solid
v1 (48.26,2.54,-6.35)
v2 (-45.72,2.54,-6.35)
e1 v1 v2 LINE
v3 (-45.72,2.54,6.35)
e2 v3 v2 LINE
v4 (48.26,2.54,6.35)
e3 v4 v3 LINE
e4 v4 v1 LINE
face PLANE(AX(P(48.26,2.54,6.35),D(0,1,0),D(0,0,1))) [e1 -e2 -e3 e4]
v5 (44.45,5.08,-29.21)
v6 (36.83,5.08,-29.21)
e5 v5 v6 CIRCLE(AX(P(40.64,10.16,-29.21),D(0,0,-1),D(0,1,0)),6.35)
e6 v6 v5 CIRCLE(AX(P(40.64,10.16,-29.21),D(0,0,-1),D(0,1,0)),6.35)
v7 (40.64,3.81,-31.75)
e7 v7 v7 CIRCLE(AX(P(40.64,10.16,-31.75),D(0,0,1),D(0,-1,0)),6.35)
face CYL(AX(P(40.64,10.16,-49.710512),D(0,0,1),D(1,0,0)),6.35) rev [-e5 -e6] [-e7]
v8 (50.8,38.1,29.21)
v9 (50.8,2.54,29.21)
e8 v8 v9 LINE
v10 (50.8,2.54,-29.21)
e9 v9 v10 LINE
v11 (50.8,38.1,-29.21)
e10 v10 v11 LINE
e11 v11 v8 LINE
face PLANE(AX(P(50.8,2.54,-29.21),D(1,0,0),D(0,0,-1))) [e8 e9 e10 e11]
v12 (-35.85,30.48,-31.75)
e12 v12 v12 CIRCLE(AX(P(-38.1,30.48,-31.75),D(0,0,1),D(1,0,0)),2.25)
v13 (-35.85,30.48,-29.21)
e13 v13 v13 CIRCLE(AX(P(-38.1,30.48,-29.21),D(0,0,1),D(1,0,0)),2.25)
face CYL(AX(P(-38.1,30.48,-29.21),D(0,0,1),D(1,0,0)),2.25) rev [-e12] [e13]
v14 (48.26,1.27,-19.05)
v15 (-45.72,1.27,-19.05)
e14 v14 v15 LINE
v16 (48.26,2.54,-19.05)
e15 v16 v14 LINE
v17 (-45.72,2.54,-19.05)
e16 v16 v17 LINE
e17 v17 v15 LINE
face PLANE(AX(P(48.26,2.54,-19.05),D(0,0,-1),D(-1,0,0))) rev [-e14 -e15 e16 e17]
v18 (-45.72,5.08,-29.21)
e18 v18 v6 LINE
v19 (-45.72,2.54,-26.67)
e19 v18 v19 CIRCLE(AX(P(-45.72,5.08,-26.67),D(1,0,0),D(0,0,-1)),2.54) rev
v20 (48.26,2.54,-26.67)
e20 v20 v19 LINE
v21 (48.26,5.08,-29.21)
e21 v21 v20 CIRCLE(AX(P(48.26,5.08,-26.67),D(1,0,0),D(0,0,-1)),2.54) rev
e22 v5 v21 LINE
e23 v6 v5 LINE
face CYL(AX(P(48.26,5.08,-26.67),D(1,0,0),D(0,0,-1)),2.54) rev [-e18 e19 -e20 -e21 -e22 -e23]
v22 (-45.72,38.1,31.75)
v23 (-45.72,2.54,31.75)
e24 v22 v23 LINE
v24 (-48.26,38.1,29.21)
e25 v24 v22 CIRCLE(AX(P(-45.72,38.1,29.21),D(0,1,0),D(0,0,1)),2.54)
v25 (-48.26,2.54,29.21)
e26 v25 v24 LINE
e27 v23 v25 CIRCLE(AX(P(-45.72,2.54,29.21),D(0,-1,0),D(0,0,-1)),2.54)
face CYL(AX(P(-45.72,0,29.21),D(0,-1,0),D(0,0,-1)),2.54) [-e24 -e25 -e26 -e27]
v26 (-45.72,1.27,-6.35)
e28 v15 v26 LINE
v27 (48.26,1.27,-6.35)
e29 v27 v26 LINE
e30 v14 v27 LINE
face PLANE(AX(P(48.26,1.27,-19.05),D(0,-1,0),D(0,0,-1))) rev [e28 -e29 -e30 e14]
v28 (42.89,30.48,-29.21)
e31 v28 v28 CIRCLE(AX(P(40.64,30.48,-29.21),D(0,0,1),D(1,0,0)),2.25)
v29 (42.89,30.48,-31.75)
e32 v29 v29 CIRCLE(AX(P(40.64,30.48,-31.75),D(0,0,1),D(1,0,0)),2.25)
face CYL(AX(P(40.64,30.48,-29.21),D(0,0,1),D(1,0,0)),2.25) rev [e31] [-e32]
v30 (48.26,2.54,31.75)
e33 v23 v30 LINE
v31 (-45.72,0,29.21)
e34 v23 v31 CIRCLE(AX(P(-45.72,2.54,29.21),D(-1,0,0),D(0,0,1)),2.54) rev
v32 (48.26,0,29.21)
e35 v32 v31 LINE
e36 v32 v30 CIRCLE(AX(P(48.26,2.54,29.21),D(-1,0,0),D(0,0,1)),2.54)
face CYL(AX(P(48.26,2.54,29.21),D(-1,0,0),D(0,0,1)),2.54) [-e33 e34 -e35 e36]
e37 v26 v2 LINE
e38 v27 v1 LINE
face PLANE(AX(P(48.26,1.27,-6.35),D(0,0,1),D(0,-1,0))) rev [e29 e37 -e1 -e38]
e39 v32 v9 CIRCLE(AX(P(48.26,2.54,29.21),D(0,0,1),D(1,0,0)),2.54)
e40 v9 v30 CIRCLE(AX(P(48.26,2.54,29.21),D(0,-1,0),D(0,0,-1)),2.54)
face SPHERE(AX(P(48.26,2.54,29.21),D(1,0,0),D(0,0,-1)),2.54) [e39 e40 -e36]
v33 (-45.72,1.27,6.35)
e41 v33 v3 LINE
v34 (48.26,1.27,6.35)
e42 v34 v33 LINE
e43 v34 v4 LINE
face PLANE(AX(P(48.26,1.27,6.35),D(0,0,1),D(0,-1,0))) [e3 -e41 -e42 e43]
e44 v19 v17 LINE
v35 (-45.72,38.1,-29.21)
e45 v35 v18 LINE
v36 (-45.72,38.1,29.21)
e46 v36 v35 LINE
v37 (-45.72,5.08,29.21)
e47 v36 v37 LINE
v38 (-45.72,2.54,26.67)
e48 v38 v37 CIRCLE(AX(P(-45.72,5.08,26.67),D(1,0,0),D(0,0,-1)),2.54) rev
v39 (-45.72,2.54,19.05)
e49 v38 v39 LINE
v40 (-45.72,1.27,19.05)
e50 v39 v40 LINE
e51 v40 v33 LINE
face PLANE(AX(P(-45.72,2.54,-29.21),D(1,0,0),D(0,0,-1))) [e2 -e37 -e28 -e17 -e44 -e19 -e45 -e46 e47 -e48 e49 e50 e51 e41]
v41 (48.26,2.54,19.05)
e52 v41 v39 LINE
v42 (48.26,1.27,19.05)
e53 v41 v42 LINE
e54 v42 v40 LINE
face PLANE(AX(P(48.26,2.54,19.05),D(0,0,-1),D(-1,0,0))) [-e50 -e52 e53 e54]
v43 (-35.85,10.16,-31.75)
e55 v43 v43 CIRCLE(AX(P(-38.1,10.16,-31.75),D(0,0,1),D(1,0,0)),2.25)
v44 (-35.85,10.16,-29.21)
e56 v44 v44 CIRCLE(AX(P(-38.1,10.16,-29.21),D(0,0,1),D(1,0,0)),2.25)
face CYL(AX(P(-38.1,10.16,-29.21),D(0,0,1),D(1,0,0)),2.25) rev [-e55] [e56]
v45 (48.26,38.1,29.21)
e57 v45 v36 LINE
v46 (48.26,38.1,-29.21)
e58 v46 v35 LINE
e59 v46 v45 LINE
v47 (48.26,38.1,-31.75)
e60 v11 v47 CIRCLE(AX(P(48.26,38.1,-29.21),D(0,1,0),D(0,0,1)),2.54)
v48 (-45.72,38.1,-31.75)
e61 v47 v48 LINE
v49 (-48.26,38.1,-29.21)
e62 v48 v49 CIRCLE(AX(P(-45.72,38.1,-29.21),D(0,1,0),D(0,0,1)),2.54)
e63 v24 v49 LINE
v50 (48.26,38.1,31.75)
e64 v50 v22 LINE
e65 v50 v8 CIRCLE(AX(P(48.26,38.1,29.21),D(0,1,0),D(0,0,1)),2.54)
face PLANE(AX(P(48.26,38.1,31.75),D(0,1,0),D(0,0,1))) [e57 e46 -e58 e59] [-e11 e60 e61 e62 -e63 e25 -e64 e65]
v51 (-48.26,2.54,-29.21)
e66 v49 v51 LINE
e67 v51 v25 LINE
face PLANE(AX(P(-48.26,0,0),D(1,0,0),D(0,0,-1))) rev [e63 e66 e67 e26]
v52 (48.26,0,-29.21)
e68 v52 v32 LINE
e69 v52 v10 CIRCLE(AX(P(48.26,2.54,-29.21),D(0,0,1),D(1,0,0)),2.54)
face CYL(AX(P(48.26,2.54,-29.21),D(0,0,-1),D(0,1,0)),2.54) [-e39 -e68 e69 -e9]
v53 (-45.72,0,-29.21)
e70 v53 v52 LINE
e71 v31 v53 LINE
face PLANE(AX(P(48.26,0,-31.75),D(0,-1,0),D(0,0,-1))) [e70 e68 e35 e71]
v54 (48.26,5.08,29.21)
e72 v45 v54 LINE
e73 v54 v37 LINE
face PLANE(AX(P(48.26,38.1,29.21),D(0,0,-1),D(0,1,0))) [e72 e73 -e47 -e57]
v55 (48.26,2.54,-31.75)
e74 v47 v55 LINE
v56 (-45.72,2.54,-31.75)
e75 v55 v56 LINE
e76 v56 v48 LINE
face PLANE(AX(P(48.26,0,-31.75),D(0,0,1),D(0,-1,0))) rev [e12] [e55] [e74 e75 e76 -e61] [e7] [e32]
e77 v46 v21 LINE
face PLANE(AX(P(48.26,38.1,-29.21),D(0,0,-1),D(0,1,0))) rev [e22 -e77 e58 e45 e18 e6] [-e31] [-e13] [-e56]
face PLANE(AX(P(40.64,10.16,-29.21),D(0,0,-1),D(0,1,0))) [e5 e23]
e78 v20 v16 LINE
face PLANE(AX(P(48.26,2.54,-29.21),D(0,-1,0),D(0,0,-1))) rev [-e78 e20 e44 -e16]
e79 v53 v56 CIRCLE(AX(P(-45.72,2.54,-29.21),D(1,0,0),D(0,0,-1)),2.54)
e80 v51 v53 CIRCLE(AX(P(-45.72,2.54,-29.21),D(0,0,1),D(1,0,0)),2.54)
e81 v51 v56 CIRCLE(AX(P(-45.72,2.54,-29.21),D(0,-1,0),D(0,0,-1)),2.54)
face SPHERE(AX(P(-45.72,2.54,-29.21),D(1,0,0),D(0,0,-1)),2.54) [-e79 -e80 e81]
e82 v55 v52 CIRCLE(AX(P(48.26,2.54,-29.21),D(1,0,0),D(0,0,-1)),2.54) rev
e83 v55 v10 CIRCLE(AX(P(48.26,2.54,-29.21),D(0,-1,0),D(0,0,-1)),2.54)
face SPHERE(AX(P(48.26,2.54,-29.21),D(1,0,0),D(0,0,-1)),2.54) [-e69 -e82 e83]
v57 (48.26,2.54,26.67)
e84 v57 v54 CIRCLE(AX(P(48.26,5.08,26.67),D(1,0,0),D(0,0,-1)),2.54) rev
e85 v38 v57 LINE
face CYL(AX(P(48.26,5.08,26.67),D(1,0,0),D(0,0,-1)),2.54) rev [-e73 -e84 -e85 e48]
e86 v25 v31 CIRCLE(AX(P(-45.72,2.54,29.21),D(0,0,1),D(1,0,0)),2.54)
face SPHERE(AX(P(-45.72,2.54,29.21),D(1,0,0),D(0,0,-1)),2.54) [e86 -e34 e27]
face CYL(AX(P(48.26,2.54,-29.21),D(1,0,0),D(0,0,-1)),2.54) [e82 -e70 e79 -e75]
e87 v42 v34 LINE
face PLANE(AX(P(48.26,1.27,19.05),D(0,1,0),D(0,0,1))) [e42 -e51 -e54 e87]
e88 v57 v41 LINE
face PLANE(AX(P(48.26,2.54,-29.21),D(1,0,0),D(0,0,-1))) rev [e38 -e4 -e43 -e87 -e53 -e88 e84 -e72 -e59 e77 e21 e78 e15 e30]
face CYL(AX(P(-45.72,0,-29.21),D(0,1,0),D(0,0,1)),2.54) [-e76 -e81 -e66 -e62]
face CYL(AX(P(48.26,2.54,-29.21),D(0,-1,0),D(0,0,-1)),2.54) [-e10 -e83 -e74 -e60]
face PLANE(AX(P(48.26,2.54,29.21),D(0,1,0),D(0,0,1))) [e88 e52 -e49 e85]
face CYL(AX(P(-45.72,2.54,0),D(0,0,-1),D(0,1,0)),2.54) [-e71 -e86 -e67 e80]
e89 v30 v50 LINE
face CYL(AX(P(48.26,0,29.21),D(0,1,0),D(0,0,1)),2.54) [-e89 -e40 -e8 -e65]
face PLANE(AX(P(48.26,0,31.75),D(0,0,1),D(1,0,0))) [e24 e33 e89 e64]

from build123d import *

# Parameters (mm, degrees)
BOSS_EXTRUDE1_DEPTH      = 48.26
FILLET1_R                = 2.5399999999999996
BOSS_EXTRUDE2_START      = -48.26
BOSS_EXTRUDE2_DEPTH      = 2.5399999999999996
BOSS_EXTRUDE3_START      = 48.26
BOSS_EXTRUDE3_DEPTH      = 2.5399999999999996
CUT_EXTRUDE2_START       = -29.21
SKETCH4_R                = 6.349999999999995
CUT_EXTRUDE2_DEPTH       = 2.54
FILLET2_R                = 2.5399999999999996
M4_CLEARANCE_HOLE1_D     = 4.5
M4_CLEARANCE_HOLE1_DEPTH = 2.54


with BuildPart() as part:
    # Sketch1 → Boss-Extrude1 (new, symmetric)
    with BuildSketch(Plane(origin=(0, 0, 0), x_dir=(0, 0, -1), z_dir=(1, 0, 0))):
        Polygon((31.75, -7.8e-16), (-31.75, -8.55e-15), (-31.75, 38.099999999999994), (-29.21, 38.099999999999994), (-29.209999999999997, 2.539999999999991), (-19.049999999999997, 2.539999999999991), (-19.049999999999997, 1.2699999999999922), (-6.350000000000001, 1.2699999999999922), (-6.35, 2.5399999999999943), (6.35, 2.539999999999996), (6.350000000000001, 1.2699999999999938), (19.049999999999997, 1.2699999999999971), (19.049999999999997, 2.539999999999996), (29.209999999999997, 2.539999999999998), (29.209999999999994, 38.1), (31.749999999999986, 38.1), align=None)
    extrude(amount=BOSS_EXTRUDE1_DEPTH, both=True)

    # Fillet1
    fillet1_edges = [part.edges().sort_by_distance(p)[0] for p in [
        (0, -8.55e-15, 31.75),
        (0, -7.8e-16, -31.75),
        (0, 2.539999999999998, -29.209999999999997),
        (0, 2.539999999999991, 29.209999999999997),
    ]]
    fillet(fillet1_edges, radius=FILLET1_R)

    # Sketch3 → Boss-Extrude2 (add)
    with BuildSketch(Plane(origin=(0, 0, 0), x_dir=(0, 0, -1), z_dir=(1, 0, 0)).offset(BOSS_EXTRUDE2_START)):
        with BuildLine():
            Line((0, 38.099999999999994), (-31.75, 38.099999999999994))
            Line((-31.75, 38.099999999999994), (-31.75, 2.539999999999992))
            ThreePointArc((-31.75, 2.5399999999999934), (-31.00605122421383, 0.7439487757861607), (-29.209999999999997, -7.55e-15))
            Line((-29.209999999999997, -7.81e-15), (0, -4.23e-15))
            Line((0, 0), (1.56e-15, 38.099999999999994))
        make_face()
        with BuildLine():
            Line((31.75, 38.1), (0, 38.099999999999994))
            Line((1.56e-15, 38.099999999999994), (0, 0))
            Line((0, -4.23e-15), (29.210000000000004, -6.5e-16))
            ThreePointArc((29.210000000000004, -2.22e-15), (31.00605122421384, 0.7439487757861647), (31.750000000000014, 2.540000000000001))
            Line((31.750000000000014, 2.539999999999999), (31.75, 38.1))
        make_face()
    extrude(amount=BOSS_EXTRUDE2_DEPTH)

    # Sketch3<3> → Boss-Extrude3 (add)
    with BuildSketch(Plane(origin=(0, 0, 0), x_dir=(0, 0, -1), z_dir=(1, 0, 0)).offset(BOSS_EXTRUDE3_START)):
        with BuildLine():
            Line((31.75, 38.1), (0, 38.099999999999994))
            Line((1.56e-15, 38.099999999999994), (0, 0))
            Line((0, -4.23e-15), (29.210000000000004, -6.5e-16))
            ThreePointArc((29.210000000000004, -2.22e-15), (31.00605122421384, 0.7439487757861647), (31.750000000000014, 2.540000000000001))
            Line((31.750000000000014, 2.539999999999999), (31.75, 38.1))
        make_face()
        with BuildLine():
            Line((0, 38.099999999999994), (-31.75, 38.099999999999994))
            Line((-31.75, 38.099999999999994), (-31.75, 2.539999999999992))
            ThreePointArc((-31.75, 2.5399999999999934), (-31.00605122421383, 0.7439487757861607), (-29.209999999999997, -7.55e-15))
            Line((-29.209999999999997, -7.81e-15), (0, -4.23e-15))
            Line((0, 0), (1.56e-15, 38.099999999999994))
        make_face()
    extrude(amount=BOSS_EXTRUDE3_DEPTH)

    # Sketch4 → Cut-Extrude2 (cut)
    with BuildSketch(Plane.XY.offset(CUT_EXTRUDE2_START)):
        with Locations(Location((40.63999999999999, 10.159999999999991, 0), (0, 0, 306.869897646))):
            Circle(SKETCH4_R)
    extrude(amount=-CUT_EXTRUDE2_DEPTH, mode=Mode.SUBTRACT)

    # Fillet2
    fillet2_edges = [part.edges().sort_by_distance(p)[0] for p in [
        (50.8, 20.319999999999993, 31.75),
        (50.8, 0.7439487757861605, 31.00605122421383),
        (50.8, -4.78e-15, -3.55e-15),
        (50.8, 0.7439487757861649, -31.00605122421384),
        (50.8, 20.32, -31.750000000000007),
        (-48.26, 20.32, -31.749999999999993),
        (-48.26, -4.67e-15, 0),
        (-48.26, 20.319999999999993, 31.75),
        (-48.26, 0.7439487757861611, 31.00605122421383),
        (-48.26, 0.7439487757861682, -31.00605122421383),
    ]]
    fillet(fillet2_edges, radius=FILLET2_R)

    # M4 Clearance Hole1
    with Locations(Plane.XY.offset(-29.209999999999997)):
        with Locations((-38.1, 30.48), (40.64, 30.48), (-38.1, 10.16)):
            Hole(M4_CLEARANCE_HOLE1_D / 2, depth=M4_CLEARANCE_HOLE1_DEPTH)


solid = part.part
